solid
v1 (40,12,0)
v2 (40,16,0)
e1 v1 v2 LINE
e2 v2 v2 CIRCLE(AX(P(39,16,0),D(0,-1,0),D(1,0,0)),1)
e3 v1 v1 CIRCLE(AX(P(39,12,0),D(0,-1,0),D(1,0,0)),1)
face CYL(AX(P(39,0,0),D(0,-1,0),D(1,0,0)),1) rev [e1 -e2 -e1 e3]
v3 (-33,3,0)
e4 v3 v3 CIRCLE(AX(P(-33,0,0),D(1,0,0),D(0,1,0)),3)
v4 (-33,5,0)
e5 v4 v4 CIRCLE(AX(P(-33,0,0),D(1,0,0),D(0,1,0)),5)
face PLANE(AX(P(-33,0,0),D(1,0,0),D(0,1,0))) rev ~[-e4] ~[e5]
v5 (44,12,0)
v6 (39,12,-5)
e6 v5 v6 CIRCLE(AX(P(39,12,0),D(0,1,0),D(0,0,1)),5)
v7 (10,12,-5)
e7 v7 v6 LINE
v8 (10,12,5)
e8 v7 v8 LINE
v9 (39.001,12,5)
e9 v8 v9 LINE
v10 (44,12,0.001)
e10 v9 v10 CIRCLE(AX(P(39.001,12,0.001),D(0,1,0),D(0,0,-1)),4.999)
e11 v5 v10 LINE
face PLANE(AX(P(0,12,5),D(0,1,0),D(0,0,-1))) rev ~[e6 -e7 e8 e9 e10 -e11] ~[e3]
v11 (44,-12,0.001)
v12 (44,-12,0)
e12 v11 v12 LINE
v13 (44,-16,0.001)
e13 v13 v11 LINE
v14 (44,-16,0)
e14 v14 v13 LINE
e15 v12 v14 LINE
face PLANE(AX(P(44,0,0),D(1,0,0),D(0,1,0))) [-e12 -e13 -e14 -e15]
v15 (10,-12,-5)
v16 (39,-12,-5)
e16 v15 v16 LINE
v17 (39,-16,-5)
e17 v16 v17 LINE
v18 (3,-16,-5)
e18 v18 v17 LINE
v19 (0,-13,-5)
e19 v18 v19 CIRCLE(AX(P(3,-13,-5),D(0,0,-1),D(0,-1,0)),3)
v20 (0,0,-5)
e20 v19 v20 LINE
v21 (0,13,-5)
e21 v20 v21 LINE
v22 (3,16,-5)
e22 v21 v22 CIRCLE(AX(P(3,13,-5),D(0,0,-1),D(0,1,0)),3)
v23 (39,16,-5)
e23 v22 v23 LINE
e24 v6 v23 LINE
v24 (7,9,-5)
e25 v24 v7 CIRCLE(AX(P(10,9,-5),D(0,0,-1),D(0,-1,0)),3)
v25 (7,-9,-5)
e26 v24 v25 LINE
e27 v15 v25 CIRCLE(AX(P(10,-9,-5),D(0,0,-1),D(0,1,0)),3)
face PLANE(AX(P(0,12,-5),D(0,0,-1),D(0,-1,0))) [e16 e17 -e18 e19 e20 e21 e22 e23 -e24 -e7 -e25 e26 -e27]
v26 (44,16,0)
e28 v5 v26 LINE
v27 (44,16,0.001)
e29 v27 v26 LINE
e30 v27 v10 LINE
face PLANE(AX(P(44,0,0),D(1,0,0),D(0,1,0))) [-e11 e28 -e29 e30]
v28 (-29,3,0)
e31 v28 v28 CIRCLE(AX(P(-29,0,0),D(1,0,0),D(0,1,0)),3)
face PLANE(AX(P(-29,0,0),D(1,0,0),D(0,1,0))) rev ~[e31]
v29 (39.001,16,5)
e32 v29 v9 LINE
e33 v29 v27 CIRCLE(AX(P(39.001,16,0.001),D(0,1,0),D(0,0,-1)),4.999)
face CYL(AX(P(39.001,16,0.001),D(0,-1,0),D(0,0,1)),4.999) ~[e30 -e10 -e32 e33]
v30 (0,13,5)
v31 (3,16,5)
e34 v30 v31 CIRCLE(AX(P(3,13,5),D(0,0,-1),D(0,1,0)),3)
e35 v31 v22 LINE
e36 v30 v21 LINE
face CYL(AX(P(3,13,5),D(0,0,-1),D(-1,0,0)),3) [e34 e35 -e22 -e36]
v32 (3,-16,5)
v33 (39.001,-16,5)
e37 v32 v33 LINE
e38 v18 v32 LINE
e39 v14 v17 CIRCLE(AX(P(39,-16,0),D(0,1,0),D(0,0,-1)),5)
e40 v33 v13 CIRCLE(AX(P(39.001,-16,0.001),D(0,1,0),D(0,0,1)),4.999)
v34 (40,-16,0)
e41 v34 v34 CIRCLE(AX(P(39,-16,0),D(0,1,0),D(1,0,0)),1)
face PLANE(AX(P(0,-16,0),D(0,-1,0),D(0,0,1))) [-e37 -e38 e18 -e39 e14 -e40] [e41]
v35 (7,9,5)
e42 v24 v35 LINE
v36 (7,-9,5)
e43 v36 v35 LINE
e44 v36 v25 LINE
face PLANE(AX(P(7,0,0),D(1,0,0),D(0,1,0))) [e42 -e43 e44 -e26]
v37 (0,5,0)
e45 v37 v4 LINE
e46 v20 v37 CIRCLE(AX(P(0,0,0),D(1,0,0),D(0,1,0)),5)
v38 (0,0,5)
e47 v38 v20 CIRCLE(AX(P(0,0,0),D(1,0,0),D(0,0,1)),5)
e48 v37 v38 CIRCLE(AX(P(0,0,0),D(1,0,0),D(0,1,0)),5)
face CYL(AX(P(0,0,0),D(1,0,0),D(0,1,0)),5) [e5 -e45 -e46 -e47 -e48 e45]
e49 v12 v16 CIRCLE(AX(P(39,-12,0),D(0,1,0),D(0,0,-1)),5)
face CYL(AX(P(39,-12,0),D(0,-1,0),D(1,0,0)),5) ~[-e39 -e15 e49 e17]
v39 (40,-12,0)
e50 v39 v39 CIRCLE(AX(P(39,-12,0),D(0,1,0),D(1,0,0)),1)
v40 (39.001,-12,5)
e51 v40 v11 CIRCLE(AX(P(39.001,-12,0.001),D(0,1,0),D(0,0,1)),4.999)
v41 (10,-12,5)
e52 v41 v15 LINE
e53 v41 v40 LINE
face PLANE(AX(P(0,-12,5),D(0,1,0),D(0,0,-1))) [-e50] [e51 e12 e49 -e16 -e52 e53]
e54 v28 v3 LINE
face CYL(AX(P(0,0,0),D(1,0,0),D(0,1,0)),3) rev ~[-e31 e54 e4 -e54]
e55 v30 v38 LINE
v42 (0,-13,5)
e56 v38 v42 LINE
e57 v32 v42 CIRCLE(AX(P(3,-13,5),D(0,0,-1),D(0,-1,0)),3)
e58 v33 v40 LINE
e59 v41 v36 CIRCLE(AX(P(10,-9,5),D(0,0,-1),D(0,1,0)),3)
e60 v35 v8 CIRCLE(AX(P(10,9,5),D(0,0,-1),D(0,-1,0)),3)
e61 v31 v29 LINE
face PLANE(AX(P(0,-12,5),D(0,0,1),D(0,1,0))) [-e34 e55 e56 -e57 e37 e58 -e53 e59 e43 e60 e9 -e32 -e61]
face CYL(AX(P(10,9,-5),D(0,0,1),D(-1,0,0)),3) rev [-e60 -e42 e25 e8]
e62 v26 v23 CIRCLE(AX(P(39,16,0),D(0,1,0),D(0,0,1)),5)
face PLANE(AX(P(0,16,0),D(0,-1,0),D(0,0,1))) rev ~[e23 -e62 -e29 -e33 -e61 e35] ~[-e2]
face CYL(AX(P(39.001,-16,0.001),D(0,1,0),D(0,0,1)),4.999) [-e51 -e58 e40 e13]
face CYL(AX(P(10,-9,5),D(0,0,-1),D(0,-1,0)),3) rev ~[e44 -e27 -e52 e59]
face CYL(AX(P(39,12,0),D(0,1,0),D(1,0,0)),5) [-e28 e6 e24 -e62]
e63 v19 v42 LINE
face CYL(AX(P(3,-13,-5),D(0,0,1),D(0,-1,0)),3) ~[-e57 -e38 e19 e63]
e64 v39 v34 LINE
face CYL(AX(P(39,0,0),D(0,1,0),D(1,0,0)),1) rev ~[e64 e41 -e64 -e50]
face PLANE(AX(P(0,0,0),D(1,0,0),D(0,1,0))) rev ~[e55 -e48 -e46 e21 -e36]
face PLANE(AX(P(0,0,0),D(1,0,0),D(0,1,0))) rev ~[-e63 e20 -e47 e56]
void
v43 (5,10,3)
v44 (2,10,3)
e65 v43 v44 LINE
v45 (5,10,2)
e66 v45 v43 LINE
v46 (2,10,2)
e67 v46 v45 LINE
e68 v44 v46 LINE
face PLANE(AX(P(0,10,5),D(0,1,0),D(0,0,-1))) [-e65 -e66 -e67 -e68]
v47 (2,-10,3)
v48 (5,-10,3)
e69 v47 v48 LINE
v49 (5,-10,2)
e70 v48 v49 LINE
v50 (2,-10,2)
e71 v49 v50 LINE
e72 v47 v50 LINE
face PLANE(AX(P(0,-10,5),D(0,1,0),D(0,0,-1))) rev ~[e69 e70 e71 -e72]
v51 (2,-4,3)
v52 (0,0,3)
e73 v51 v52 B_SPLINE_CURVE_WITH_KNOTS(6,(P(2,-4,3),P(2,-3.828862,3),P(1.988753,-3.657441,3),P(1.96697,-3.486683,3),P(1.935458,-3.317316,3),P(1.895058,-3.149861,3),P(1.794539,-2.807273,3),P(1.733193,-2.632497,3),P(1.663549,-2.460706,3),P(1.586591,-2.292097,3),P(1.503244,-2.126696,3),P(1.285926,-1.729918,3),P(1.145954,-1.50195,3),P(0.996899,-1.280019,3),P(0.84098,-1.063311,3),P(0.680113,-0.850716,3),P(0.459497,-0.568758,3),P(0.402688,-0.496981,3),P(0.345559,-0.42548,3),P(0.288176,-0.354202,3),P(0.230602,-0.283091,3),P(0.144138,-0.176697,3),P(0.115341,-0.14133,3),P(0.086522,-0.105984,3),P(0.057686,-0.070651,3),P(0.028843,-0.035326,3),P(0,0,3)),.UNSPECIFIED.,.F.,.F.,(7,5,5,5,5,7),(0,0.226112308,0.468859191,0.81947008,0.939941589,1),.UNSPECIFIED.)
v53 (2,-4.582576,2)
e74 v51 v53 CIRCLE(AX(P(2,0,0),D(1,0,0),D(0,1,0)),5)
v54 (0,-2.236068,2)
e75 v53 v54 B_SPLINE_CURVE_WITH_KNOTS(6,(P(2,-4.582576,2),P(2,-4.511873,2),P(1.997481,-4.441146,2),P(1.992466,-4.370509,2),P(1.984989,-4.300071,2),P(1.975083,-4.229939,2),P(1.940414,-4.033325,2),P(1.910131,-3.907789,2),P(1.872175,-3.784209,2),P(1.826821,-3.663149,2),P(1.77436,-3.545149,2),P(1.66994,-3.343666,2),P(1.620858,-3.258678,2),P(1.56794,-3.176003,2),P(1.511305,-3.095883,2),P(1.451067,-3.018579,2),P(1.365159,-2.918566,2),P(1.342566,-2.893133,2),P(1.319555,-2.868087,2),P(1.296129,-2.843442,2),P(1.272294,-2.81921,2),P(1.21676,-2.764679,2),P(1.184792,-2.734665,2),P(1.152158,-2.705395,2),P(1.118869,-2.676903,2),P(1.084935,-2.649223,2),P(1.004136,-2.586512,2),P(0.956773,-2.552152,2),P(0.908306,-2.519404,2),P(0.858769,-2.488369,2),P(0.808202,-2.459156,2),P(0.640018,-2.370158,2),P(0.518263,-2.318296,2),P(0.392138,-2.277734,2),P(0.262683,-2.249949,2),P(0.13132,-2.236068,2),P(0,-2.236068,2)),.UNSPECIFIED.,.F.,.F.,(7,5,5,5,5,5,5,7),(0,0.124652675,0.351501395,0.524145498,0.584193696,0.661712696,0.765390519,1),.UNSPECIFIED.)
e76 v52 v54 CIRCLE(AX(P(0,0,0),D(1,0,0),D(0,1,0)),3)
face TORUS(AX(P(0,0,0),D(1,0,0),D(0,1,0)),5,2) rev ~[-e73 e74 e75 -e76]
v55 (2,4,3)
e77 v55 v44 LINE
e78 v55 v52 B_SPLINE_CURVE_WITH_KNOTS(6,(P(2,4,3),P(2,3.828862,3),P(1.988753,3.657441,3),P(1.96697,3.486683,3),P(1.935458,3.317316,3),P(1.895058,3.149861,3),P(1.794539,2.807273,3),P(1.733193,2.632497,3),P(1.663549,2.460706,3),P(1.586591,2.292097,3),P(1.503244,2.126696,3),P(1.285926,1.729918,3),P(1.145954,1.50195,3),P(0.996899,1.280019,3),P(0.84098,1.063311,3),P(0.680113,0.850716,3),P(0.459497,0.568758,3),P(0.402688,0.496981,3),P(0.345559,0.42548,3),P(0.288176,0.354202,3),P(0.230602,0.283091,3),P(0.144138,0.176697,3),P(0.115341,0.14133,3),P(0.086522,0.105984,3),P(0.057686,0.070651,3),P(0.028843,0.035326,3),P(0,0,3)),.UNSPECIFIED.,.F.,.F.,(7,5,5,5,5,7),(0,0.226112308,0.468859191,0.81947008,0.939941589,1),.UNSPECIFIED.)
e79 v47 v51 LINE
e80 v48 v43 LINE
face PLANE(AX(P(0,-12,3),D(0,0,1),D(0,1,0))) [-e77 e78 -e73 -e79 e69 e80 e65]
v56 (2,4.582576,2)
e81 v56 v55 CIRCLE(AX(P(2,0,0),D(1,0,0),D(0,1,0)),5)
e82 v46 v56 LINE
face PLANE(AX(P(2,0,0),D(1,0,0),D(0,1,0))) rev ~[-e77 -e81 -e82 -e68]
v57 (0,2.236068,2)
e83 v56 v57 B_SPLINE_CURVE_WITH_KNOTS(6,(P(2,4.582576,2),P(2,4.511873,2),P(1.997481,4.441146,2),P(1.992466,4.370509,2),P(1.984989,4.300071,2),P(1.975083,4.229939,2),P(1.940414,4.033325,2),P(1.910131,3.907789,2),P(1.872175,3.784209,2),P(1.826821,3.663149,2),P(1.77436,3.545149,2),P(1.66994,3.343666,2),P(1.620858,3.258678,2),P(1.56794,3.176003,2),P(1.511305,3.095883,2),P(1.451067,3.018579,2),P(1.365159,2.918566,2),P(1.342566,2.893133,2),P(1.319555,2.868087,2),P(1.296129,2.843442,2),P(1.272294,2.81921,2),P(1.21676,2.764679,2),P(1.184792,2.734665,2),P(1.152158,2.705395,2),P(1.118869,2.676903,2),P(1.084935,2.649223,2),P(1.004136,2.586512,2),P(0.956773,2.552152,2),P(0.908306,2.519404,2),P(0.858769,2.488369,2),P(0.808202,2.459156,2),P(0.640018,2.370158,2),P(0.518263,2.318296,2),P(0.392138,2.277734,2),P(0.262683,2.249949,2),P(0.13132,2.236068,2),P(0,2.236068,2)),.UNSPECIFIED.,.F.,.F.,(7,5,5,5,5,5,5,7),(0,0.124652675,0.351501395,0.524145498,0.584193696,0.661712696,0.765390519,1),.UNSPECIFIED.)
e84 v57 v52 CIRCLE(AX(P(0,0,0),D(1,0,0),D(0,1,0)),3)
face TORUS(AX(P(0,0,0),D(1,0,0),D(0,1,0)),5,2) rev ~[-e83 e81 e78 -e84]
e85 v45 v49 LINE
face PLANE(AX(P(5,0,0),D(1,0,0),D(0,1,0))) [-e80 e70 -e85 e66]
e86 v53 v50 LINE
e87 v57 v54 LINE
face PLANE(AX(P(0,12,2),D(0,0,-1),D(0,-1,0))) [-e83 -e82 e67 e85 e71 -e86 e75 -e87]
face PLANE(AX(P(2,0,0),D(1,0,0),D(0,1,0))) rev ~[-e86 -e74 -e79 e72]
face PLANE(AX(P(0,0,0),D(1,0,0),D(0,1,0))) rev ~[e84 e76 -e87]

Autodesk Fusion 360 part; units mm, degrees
ref_plane "WorkPlane1" through (4, 0, 0) normal (1, 0, 0) x (0, 1, 0)
sketch "Sketch2" plane through (0, 0, 0) normal (1, 0, 0) x (0, 1, 0)
  line L0 (-12, 0) -> (-16, 0)
  line L1 (-16, 0) -> (-16, 5)
  line L2 (-16, 5) -> (-12, 5)
  line L3 (-12, 5) -> (-12, 0)
  line L4 (12, 0) -> (16, 0)
  line L5 (16, 0) -> (16, 5)
  line L6 (16, 5) -> (12, 5)
  line L7 (12, 5) -> (12, 0)
  line L8 (-12, 5) -> (12, 5)
  line L9 (12, 5) -> (12, 0)
  line L10 (12, 0) -> (-12, 0)
  line L11 (-12, 0) -> (-12, 5)
extrude "Extrude1" add sketch "Sketch2" along normal blind 7 contours L3 L7 L8 L9 L10 L11 makes body 1
extrude "Extrude2" add sketch "Sketch2" along normal blind 44 separate body contours L0 L1 L2 L3 L11 | L4 L5 L6 L7 L9 makes body 2 at (29.3333, -16, 1.6667) makes body 3 at (29.3333, 12, 3.3333)
fillet "Fillet1" radius 5 2 edges at (44, -14, 5) (44, 14, 5) on bodies 2 3
sketch "Sketch3" plane through (0, 0, 0) normal (0, 1, 0) x (1, 0, 0)
  circle A0 centre (39, 0) radius 1
  dimension "d8" = 2
sketch "Sketch4" plane through (0, 0, 0) normal (1, 0, 0) x (0, 1, 0)
  circle A0 centre (0, 0) radius 5
extrude "Extrude4" add sketch "Sketch4" against normal blind 33 bodies 1
shell "Shell1" thickness 2 removed faces 1 at (-33, -1.5016, -0.7231) on bodies 1
ref_plane "WorkPlane2" through (-2, 0, 0) normal (1, 0, 0) x (0, 1, 0)
sketch "Sketch7" plane through (-2, 0, 0) normal (1, 0, 0) x (0, 1, 0)
sketch "Sketch8" plane through (0, 0, 0) normal (1, 0, 0) x (0, 1, 0)
  circle A0 centre (0, 0) radius 3
extrude "Extrude6" add sketch "Sketch8" against normal blind 29 bodies 1
extrude "Extrude8" add 5 faces at (4.6667, 1.6667, 0) (14.6667, -13.3333, 0) (14.6667, 13.3333, 0) (14.6667, 13.3333, 0) (14.6667, -13.3333, 0) along direction (0, 0, -1) blind 5 on bodies 1 2 3 bodies 1 2 3
fillet "Fillet2" radius 5 2 edges at (44, 14, -5) (44, -14, -5) on bodies 1
extrude "Extrude12" cut sketch "Sketch3" along normal mid plane 48 bodies 1 1
fillet "Fillet3" radius 3 2 edges at (0, -16, 0) (0, 16, 0) on bodies 1
fillet "Fillet4" radius 3 2 edges at (7, -12, 0) (7, 12, 0) on bodies 1
